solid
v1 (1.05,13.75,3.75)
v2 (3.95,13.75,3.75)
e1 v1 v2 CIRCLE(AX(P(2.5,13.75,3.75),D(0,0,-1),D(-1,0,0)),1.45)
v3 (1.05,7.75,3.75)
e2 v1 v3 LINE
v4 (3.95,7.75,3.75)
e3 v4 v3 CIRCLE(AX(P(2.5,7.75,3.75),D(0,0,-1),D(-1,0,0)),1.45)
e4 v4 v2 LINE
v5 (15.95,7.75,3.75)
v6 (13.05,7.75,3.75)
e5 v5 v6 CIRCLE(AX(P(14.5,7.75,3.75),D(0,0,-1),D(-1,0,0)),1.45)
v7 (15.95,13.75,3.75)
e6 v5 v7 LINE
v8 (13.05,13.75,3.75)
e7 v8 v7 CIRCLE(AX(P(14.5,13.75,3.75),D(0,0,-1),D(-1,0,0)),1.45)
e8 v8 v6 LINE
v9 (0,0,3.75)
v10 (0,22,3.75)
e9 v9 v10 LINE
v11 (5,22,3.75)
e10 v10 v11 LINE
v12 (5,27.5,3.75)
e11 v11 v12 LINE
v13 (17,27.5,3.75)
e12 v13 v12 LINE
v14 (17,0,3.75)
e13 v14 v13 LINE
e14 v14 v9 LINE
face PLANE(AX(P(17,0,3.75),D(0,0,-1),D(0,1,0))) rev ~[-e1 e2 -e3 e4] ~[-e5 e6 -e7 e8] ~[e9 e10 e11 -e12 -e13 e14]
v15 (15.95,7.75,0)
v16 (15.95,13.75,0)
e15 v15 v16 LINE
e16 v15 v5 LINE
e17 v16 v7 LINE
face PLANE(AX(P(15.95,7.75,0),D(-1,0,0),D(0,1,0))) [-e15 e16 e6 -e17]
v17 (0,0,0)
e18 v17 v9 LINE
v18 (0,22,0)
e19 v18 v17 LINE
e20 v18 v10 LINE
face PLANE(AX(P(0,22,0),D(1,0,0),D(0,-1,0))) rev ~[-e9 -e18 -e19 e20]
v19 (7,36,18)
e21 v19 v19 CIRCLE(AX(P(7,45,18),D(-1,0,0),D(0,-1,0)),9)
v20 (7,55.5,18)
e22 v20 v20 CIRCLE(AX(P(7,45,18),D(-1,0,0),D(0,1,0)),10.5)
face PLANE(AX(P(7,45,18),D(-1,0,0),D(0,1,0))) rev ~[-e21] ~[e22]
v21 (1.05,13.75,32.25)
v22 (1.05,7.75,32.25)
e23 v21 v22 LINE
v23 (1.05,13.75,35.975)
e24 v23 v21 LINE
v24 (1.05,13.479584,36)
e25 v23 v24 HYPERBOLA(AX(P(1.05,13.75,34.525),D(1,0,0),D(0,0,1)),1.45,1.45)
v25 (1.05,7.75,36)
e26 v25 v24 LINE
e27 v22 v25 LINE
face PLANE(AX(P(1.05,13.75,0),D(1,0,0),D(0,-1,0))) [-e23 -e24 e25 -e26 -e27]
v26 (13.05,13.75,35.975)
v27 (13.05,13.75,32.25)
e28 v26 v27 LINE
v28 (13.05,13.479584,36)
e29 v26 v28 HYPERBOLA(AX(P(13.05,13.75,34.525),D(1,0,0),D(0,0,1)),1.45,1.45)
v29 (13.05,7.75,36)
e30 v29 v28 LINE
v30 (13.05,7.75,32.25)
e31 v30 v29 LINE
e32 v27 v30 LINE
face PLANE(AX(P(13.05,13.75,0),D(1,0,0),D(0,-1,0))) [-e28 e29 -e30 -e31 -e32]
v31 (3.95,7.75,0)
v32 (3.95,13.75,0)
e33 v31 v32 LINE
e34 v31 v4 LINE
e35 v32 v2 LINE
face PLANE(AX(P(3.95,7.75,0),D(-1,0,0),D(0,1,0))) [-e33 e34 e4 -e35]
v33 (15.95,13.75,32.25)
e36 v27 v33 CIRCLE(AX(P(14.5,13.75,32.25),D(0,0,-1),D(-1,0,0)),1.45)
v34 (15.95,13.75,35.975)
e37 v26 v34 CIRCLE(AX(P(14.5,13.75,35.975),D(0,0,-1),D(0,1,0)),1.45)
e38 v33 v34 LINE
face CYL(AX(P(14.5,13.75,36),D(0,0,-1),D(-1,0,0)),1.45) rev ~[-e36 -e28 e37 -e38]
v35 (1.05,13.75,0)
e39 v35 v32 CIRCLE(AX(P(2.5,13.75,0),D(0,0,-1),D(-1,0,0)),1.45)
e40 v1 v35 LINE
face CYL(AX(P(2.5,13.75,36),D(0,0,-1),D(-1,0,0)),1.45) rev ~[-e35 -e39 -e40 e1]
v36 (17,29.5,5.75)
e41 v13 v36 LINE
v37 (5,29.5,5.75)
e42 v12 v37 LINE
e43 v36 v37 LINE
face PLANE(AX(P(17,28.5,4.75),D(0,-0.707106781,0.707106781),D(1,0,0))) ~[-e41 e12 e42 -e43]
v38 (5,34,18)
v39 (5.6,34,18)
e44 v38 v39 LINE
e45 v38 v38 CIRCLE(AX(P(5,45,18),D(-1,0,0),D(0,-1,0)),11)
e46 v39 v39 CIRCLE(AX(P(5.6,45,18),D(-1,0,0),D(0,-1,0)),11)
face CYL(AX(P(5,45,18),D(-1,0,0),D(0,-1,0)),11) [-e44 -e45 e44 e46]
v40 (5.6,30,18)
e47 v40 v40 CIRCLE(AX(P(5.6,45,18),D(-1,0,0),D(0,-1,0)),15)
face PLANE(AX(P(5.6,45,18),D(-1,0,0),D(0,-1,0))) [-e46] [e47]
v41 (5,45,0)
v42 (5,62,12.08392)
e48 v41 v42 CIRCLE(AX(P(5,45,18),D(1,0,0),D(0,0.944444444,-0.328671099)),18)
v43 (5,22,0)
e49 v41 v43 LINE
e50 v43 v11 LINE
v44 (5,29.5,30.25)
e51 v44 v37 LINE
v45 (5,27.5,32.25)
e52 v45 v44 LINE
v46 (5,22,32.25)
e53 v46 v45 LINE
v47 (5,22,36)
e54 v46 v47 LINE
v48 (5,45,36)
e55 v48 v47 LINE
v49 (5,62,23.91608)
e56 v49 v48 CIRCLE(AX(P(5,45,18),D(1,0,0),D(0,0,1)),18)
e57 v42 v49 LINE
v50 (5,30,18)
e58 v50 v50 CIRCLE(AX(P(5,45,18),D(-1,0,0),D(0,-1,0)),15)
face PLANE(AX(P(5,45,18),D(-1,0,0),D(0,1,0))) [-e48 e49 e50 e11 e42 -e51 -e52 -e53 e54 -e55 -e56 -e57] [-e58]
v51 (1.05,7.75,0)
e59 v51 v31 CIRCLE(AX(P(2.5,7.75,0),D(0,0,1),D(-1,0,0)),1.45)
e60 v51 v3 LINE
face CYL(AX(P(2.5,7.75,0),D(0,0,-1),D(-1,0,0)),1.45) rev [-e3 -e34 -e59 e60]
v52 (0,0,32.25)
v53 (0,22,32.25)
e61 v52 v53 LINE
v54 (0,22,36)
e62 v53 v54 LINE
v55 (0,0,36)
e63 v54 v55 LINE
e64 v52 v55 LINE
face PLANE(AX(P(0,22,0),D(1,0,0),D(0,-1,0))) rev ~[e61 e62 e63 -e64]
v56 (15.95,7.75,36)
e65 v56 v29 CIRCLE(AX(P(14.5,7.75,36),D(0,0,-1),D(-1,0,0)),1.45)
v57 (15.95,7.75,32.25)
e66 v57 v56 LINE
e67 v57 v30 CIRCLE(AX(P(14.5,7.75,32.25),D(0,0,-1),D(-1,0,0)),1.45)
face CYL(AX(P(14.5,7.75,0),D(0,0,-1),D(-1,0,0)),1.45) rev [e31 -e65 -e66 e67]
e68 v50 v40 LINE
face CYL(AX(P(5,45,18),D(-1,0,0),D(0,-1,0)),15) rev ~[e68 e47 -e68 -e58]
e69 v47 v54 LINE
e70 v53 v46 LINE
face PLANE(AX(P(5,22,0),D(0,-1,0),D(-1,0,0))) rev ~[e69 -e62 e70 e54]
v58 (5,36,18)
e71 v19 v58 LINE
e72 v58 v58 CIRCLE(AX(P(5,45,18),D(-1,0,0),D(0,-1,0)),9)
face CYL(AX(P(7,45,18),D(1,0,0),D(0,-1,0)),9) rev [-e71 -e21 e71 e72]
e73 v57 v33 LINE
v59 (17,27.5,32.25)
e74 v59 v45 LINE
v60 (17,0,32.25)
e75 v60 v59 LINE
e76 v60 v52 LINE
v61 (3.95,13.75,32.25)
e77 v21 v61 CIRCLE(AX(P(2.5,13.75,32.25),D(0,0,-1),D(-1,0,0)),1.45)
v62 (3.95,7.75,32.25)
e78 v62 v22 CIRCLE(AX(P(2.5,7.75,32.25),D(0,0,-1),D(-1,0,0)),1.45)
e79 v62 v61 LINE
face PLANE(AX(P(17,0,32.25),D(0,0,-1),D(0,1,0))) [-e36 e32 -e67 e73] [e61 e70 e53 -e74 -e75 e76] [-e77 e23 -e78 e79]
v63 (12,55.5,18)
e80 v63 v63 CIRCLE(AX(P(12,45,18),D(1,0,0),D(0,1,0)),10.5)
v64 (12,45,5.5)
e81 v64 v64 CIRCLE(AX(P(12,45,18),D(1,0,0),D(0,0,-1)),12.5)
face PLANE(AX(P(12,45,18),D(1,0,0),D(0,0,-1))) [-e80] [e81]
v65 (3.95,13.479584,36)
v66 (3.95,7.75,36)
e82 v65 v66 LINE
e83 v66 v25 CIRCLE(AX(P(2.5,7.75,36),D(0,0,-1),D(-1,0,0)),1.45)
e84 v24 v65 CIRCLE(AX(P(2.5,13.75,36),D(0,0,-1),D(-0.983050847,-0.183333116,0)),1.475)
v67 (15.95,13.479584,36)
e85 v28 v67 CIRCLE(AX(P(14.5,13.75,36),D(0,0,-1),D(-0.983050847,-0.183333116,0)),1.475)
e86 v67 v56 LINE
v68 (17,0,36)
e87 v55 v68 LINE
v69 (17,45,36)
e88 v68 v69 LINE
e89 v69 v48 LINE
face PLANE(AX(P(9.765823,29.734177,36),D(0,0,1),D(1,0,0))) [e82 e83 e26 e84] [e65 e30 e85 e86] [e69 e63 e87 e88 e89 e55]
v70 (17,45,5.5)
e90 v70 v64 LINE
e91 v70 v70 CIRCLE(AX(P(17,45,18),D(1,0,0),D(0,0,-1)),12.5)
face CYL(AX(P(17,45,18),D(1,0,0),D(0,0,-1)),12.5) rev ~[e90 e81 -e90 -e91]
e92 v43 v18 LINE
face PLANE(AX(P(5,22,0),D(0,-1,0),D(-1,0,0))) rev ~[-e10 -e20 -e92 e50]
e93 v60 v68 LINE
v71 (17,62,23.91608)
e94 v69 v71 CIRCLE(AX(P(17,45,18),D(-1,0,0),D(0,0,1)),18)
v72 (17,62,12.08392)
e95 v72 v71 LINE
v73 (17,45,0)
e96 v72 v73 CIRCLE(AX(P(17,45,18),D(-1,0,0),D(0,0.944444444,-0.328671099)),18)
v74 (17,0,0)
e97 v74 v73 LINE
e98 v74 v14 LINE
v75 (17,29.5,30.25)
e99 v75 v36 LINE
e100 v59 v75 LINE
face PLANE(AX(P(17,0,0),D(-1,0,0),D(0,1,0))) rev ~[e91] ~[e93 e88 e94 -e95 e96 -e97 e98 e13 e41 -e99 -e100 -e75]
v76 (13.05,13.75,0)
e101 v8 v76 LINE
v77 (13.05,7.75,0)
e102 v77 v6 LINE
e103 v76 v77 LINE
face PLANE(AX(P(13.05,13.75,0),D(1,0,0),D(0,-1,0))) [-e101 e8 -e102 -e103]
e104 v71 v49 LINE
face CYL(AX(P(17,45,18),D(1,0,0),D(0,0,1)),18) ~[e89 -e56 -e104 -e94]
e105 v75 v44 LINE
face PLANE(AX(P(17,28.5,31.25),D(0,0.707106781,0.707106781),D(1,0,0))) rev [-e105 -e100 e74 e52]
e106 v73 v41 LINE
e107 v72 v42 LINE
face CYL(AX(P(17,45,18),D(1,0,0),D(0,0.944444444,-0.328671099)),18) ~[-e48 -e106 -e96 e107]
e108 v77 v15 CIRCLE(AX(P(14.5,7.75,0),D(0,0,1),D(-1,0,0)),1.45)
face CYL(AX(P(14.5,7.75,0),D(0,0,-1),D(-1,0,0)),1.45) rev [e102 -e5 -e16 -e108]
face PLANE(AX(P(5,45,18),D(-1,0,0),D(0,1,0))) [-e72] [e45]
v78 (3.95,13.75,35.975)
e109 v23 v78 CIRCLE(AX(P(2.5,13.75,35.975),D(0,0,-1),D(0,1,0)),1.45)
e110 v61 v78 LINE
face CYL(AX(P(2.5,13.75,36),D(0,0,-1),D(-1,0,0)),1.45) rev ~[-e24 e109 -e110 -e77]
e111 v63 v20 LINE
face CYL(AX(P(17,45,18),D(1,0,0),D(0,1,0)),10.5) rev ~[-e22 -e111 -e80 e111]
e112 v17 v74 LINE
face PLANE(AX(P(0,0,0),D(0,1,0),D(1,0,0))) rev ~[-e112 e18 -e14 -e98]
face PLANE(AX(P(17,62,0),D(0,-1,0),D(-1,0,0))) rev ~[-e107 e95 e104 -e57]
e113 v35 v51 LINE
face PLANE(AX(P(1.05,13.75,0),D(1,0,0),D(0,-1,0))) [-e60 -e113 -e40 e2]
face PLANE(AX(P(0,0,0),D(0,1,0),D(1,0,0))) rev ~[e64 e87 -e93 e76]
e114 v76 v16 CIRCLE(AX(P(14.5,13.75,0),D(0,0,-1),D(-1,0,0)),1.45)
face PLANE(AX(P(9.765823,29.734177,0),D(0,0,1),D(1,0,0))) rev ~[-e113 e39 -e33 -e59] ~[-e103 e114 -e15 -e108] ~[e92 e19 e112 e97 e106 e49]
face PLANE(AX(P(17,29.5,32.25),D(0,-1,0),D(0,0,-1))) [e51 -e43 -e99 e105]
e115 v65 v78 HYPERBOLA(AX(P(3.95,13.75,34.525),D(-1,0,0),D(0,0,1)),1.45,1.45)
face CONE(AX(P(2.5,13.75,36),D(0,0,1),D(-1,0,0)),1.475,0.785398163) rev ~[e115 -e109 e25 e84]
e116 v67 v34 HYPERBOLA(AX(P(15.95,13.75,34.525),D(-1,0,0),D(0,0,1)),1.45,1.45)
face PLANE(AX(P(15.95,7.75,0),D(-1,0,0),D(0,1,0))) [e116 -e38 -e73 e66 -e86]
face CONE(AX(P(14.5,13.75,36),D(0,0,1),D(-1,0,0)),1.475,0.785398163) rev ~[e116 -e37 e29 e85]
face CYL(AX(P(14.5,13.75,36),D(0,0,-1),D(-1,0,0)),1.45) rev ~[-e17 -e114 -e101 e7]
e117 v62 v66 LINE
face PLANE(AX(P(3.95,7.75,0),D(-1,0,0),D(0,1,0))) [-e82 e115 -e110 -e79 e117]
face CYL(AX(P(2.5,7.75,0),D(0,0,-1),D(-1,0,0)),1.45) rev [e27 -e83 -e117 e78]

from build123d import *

# Parameters (mm, degrees)
BOSS_EXTRUDE1_DEPTH              = 36
SKETCH2_R                        = 10.5
CUT_EXTRUDE1_DEPTH               = 74.681748079
SKETCH3_W                        = 28.5
SKETCH3_H                        = 29.5
CUT_EXTRUDE2_DEPTH               = 74.681748079
CHAMFER1_SIZE                    = 2
BOSS_EXTRUDE2_START              = -2
SKETCH6_R                        = 10.5
SKETCH6_R_2                      = 9
BOSS_EXTRUDE2_DEPTH              = 2
SKETCH10_R                       = 15
SKETCH10_R_2                     = 11
CUT_EXTRUDE4_DEPTH               = 0.6
SKETCH11_R                       = 12.5
CUT_EXTRUDE5_DEPTH               = 5
M2_5_CLEARANCE_HOLE1_D           = 2.9
M2_5_CLEARANCE_HOLE1_CSINK_D     = 2.95
M2_5_CLEARANCE_HOLE1_CSINK_ANGLE = 90
CUT_EXTRUDE6_DEPTH               = 74.681748079
CUT_EXTRUDE7_DEPTH               = 74.681748079


with BuildPart() as part:
    # Sketch1 → Boss-Extrude1 (new body)
    with BuildSketch(Plane.XY):
        Polygon((0, 0), (17, 0), (17, 29), (17, 62), (5, 62), (5, 22), (0, 22), align=None)
    extrude(amount=BOSS_EXTRUDE1_DEPTH)

    # Sketch2 → Cut-Extrude1 (cut, through all)
    with BuildSketch(Plane(origin=(17, 0, 0), x_dir=(0, 0, -1), z_dir=(1, 0, 0))):
        with Locations(Location((-18, 45, 0), (0, 0, 90))):
            Circle(SKETCH2_R)
    extrude(amount=-CUT_EXTRUDE1_DEPTH, mode=Mode.SUBTRACT)

    # Sketch3 → Cut-Extrude2 (cut, through all)
    with BuildSketch(Plane(origin=(17, 0, 0), x_dir=(0, 0, -1), z_dir=(1, 0, 0))):
        with Locations((-18, 14.75)):
            Rectangle(SKETCH3_W, SKETCH3_H)
    extrude(amount=-CUT_EXTRUDE2_DEPTH, mode=Mode.SUBTRACT)

    # Chamfer1
    chamfer1_edges = [part.edges().sort_by_distance(p)[0] for p in [
        (11, 29.5, 32.25),
        (11, 29.5, 3.75),
    ]]
    chamfer(chamfer1_edges, length=CHAMFER1_SIZE)

    # Sketch6 → Boss-Extrude2 (add)
    with BuildSketch(Plane.ZY.offset(-5).offset(BOSS_EXTRUDE2_START)):
        with Locations(Location((18, 45, 0), (0, 0, 90))):
            Circle(SKETCH6_R)
        with Locations(Location((18, 45, 0), (0, 0, 270))):
            Circle(SKETCH6_R_2, mode=Mode.SUBTRACT)
    extrude(amount=BOSS_EXTRUDE2_DEPTH)

    # Sketch10 → Cut-Extrude4 (cut)
    with BuildSketch(Plane.ZY.offset(-5)):
        with Locations(Location((18, 45, 0), (0, 0, 270))):
            Circle(SKETCH10_R)
        with Locations(Location((18, 45, 0), (0, 0, 270))):
            Circle(SKETCH10_R_2, mode=Mode.SUBTRACT)
    extrude(amount=-CUT_EXTRUDE4_DEPTH, mode=Mode.SUBTRACT)

    # Sketch11 → Cut-Extrude5 (cut)
    with BuildSketch(Plane(origin=(17, 0, 0), x_dir=(0, 0, -1), z_dir=(1, 0, 0))):
        with Locations((-18, 45)):
            Circle(SKETCH11_R)
    extrude(amount=-CUT_EXTRUDE5_DEPTH, mode=Mode.SUBTRACT)

    # M2.5 Clearance Hole1 (through all)
    with Locations(Plane.XY.offset(36)):
        with Locations((14.5, 13.75), (2.5, 13.75)):
            CounterSinkHole(M2_5_CLEARANCE_HOLE1_D / 2, M2_5_CLEARANCE_HOLE1_CSINK_D / 2, counter_sink_angle=M2_5_CLEARANCE_HOLE1_CSINK_ANGLE)

    # Sketch15 → Cut-Extrude6 (cut, through all)
    with BuildSketch(Plane(origin=(0, 0, 0), x_dir=(-1, 0, 0), z_dir=(0, 0, -1))):
        with BuildLine():
            Line((-13.05, 13.75), (-13.05, 7.75))
            ThreePointArc((-13.05, 7.75), (-14.5, 6.3), (-15.95, 7.75))
            Line((-15.95, 7.75), (-15.95, 13.75))
            ThreePointArc((-15.95, 13.75), (-14.5, 15.2), (-13.05, 13.75))
        make_face()
        with BuildLine():
            Line((-1.05, 13.75), (-1.05, 7.75))
            ThreePointArc((-1.05, 7.75), (-2.5, 6.3), (-3.95, 7.75))
            Line((-3.95, 7.75), (-3.95, 13.75))
            ThreePointArc((-3.95, 13.75), (-2.5, 15.2), (-1.05, 13.75))
        make_face()
    extrude(amount=-CUT_EXTRUDE6_DEPTH, mode=Mode.SUBTRACT)

    # Sketch17 → Cut-Extrude7 (cut, through all)
    with BuildSketch(Plane(origin=(17, 0, 0), x_dir=(0, 0, -1), z_dir=(1, 0, 0))):
        with BuildLine():
            Line((-23.916079783, 62), (-36, 62))
            Line((-36, 62), (-36, 45))
            ThreePointArc((-36, 45), (-32.671220742, 55.428580054), (-23.916079783, 62))
        make_face()
        with BuildLine():
            Line((0, 62), (-12.083920217, 62))
            ThreePointArc((-12.083920217, 62), (-3.328779258, 55.428580054), (0, 45))
            Line((0, 45), (0, 62))
        make_face()
    extrude(amount=-CUT_EXTRUDE7_DEPTH, mode=Mode.SUBTRACT)


solid = part.part
